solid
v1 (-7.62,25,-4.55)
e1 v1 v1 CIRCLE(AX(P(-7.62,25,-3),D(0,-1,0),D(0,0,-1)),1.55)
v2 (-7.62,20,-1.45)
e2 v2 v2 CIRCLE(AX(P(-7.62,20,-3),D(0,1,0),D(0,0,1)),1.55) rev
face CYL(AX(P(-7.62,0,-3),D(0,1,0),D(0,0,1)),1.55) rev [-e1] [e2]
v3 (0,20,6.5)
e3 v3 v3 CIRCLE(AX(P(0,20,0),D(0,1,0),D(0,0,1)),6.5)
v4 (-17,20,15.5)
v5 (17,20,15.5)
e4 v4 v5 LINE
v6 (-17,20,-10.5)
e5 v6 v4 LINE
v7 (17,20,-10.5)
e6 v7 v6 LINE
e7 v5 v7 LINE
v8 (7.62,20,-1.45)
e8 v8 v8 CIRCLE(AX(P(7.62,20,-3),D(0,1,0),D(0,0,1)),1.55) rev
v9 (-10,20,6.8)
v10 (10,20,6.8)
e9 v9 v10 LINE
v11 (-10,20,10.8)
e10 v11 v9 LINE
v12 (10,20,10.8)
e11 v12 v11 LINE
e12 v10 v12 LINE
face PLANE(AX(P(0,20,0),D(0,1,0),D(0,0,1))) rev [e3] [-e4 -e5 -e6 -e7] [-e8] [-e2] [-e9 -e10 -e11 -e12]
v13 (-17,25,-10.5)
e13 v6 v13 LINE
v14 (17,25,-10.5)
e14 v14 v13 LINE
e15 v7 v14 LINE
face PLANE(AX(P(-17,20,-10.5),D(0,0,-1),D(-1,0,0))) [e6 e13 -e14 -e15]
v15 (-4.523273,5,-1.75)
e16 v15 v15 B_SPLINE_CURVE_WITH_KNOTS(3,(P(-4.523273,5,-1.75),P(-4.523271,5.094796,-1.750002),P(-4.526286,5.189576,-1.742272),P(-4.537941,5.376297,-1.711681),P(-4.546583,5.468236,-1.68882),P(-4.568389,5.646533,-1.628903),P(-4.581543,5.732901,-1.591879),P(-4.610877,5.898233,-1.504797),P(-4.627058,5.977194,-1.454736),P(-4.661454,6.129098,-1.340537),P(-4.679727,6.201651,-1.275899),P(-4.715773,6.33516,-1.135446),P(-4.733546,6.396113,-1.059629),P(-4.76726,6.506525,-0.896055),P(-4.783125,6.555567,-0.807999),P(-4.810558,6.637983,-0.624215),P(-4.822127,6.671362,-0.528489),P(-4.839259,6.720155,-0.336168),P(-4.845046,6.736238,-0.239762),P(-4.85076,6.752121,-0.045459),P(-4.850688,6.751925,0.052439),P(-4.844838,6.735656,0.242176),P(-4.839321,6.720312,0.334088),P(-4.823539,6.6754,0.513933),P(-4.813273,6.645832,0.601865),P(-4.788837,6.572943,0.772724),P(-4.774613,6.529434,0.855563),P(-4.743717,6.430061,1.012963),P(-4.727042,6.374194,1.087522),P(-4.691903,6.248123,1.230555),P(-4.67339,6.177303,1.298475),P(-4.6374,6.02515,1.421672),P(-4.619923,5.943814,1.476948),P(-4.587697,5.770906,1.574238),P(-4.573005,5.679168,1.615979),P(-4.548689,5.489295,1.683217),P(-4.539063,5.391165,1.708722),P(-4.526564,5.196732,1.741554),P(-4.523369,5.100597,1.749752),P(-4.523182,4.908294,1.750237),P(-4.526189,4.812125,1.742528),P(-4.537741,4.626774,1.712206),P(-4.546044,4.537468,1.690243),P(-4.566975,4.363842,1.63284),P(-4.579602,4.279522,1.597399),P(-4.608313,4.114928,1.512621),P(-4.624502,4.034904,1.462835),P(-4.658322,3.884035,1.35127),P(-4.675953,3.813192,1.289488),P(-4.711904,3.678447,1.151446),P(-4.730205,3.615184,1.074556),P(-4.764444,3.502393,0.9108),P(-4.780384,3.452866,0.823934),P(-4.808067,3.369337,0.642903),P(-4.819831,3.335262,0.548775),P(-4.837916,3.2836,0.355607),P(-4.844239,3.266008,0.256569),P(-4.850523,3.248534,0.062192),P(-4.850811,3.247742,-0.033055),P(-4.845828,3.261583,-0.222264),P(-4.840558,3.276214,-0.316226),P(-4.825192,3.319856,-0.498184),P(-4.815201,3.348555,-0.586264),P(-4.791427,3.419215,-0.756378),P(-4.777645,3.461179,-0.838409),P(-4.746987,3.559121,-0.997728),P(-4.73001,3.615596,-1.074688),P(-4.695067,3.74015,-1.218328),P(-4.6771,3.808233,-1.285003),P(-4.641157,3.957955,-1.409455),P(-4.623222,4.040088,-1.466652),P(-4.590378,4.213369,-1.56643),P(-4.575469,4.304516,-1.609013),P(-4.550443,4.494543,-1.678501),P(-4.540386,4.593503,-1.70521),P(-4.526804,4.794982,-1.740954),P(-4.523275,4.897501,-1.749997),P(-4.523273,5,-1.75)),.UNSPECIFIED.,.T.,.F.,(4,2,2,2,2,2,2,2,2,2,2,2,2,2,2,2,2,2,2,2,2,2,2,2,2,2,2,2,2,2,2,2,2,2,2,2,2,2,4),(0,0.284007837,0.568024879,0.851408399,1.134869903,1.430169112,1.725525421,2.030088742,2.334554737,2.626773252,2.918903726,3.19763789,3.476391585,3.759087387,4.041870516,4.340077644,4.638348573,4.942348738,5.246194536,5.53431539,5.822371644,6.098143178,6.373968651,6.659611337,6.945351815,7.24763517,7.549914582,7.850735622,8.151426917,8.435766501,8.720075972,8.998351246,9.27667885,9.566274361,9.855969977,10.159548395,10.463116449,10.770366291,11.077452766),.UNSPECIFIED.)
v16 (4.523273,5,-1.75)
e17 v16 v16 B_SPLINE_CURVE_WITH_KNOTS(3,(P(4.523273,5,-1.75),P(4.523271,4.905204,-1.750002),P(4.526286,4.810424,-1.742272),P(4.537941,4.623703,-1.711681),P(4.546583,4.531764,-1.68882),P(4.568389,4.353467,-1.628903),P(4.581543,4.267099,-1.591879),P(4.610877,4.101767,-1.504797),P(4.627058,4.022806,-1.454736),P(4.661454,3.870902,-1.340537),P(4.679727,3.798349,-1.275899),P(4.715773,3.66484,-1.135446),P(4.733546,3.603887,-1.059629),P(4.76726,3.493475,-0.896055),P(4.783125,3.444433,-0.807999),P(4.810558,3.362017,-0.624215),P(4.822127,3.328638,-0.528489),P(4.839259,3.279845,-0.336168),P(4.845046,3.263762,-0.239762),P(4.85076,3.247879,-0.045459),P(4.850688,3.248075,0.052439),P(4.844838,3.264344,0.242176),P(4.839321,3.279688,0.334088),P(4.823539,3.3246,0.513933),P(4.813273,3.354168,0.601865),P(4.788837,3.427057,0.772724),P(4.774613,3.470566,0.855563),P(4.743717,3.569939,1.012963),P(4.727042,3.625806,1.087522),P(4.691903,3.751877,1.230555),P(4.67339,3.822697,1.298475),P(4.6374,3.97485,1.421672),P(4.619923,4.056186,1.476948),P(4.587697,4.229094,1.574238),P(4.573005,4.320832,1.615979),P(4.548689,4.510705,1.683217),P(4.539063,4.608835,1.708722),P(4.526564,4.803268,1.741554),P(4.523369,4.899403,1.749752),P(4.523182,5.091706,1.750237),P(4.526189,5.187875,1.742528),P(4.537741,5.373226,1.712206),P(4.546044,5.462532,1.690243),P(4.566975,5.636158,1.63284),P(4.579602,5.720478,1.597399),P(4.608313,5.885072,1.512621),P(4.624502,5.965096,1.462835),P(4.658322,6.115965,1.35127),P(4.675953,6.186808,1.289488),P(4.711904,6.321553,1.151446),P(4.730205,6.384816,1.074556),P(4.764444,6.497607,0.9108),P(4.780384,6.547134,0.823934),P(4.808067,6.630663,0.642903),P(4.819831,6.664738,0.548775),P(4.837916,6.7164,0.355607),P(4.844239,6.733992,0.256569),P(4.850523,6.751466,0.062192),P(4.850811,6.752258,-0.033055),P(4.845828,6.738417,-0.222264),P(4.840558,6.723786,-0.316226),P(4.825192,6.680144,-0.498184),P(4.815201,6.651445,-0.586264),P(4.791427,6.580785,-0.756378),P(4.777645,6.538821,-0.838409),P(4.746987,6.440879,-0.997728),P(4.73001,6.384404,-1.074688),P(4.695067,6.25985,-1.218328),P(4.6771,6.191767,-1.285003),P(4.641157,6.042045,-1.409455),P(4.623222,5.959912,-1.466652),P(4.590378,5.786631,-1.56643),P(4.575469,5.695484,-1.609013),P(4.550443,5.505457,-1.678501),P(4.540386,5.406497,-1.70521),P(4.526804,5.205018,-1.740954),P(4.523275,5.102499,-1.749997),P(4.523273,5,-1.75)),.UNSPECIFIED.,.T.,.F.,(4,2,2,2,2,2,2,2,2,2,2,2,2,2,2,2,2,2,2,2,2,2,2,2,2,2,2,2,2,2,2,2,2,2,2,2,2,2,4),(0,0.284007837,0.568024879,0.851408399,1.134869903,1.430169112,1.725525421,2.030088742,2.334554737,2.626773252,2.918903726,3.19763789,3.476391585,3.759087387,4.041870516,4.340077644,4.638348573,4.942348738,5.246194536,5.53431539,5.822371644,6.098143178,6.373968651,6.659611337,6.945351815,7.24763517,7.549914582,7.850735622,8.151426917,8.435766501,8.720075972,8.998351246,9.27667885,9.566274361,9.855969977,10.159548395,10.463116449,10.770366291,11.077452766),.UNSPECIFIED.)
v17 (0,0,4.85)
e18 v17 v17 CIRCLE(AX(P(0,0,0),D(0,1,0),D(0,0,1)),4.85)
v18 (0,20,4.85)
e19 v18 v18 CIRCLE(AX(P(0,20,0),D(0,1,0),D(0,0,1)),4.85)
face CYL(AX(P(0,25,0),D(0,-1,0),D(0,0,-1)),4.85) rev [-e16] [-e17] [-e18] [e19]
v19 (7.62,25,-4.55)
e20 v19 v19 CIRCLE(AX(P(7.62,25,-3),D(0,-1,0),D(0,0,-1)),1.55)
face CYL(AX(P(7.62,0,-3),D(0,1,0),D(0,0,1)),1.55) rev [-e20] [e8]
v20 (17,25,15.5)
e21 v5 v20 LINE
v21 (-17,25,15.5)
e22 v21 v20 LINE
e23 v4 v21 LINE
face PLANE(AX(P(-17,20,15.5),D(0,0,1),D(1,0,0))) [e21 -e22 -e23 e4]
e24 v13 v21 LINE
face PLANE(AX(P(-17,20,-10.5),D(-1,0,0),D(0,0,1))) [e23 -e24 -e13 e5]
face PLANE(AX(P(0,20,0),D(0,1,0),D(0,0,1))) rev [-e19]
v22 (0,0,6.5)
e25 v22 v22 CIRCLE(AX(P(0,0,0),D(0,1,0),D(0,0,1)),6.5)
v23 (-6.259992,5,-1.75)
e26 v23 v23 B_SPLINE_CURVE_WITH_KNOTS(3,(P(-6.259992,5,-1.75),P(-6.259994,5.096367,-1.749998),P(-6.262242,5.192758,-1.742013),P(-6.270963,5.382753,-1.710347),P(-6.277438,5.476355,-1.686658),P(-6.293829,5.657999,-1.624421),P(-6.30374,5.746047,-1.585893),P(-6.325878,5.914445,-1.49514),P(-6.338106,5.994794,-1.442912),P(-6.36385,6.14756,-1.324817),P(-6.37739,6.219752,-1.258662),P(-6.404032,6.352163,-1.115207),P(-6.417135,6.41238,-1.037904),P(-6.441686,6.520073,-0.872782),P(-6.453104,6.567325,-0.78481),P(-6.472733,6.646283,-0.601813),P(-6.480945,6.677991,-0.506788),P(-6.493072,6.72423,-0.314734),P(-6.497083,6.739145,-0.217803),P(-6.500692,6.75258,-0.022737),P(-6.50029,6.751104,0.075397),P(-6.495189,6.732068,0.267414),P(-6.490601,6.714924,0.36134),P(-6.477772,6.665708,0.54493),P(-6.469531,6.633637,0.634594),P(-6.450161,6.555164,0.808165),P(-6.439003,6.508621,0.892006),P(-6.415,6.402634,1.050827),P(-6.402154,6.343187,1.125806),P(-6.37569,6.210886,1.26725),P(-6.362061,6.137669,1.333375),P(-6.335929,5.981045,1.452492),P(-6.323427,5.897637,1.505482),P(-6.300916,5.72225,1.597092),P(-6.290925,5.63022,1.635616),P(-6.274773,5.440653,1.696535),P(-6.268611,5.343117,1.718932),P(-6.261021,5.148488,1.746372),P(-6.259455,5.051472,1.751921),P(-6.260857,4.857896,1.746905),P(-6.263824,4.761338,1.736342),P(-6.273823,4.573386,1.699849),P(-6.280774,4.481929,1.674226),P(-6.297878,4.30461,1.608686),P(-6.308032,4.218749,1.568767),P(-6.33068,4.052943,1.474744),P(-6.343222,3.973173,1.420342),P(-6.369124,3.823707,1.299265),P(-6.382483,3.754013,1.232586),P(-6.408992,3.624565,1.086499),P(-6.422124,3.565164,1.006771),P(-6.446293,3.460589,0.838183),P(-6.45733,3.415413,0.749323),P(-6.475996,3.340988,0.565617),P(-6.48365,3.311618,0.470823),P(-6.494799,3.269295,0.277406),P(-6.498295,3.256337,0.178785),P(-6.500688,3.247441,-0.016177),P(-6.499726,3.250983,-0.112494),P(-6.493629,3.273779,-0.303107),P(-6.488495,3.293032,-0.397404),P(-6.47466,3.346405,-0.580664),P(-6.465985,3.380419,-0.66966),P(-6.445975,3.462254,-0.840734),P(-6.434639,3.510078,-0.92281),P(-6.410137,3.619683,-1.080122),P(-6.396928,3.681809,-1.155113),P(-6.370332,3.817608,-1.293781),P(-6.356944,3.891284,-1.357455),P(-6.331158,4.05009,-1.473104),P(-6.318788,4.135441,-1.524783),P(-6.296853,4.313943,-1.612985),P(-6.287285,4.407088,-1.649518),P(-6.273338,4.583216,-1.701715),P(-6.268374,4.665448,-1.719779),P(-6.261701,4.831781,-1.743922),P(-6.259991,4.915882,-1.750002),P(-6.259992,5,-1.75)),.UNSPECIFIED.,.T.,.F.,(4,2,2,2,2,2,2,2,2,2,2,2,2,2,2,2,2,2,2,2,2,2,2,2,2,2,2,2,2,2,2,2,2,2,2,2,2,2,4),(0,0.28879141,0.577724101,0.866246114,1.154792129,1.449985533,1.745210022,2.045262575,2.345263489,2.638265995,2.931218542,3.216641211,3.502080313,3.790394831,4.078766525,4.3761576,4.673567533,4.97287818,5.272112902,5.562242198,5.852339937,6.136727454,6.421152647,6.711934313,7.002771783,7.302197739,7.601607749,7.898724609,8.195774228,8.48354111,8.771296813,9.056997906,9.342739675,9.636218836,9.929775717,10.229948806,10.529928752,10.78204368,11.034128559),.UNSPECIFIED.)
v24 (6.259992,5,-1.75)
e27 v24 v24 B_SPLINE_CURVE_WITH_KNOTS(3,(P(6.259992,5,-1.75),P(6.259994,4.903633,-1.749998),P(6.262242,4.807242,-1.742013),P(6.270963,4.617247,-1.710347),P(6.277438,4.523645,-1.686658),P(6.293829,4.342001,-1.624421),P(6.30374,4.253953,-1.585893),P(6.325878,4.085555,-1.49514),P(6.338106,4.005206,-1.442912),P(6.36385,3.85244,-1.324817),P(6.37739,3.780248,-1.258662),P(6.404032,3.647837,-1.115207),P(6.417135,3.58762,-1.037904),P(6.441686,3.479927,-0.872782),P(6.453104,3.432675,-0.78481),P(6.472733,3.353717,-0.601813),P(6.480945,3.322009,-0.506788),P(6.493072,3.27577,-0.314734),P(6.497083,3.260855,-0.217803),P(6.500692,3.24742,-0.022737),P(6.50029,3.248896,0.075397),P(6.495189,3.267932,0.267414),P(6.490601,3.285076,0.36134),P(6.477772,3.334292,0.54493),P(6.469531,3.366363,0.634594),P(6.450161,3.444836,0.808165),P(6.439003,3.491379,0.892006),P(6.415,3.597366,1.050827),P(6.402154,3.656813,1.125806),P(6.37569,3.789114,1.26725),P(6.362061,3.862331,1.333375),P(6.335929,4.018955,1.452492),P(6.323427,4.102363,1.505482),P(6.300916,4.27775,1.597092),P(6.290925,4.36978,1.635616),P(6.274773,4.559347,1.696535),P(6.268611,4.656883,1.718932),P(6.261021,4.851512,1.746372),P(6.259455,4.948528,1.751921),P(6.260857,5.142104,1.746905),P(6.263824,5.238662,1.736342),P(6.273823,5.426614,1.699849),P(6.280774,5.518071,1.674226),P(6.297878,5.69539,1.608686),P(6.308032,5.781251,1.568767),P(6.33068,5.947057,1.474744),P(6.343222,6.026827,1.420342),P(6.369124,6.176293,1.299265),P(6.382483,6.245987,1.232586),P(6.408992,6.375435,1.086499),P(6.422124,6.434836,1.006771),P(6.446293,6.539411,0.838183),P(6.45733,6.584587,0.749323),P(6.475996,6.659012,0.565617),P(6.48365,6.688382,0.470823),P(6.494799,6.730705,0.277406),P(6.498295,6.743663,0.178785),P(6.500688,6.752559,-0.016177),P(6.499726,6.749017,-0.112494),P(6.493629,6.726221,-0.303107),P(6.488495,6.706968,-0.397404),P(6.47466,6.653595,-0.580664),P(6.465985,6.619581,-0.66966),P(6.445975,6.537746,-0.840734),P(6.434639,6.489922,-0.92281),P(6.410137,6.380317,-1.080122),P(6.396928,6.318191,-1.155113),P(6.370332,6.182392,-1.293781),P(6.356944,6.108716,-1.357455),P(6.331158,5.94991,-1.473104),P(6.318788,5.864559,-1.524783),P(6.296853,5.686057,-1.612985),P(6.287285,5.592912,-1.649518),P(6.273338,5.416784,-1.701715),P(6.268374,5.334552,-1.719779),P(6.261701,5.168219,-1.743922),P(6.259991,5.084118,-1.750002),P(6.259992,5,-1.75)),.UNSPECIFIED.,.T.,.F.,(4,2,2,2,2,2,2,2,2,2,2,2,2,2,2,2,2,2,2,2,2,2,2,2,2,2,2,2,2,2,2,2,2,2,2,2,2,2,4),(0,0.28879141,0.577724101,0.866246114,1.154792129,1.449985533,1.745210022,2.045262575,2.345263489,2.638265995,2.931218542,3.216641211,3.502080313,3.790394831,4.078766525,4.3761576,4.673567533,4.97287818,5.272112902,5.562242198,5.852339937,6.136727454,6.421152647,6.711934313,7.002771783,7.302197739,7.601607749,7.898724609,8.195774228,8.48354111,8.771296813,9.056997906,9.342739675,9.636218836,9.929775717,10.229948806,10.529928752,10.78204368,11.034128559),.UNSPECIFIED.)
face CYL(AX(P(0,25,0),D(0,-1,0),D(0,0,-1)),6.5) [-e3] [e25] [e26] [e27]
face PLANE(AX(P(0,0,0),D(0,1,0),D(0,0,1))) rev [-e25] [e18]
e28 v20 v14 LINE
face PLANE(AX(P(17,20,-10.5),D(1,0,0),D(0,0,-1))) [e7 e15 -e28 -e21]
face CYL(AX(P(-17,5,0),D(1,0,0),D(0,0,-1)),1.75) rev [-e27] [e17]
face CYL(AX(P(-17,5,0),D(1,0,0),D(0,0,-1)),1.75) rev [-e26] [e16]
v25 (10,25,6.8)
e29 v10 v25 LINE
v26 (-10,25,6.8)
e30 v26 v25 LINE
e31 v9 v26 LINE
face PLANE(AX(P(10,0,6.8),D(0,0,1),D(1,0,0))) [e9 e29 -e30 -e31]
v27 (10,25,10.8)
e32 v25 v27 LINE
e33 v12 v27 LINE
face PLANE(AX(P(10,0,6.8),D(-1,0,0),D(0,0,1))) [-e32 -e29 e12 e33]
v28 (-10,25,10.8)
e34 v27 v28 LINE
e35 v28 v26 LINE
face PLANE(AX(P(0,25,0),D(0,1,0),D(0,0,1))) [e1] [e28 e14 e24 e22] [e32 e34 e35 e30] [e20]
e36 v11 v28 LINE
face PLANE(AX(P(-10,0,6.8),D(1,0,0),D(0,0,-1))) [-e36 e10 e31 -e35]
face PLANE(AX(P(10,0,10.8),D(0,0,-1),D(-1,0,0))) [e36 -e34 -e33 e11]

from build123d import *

# Parameters (mm, degrees)
SKETCH1_R               = 6.5
SKETCH1_R_2             = 4.85
BOSS_EXTRUDE1_DEPTH     = 25
SKETCH2_W               = 34
SKETCH2_H               = 26
BOSS_EXTRUDE2_DEPTH     = 5
CUT_EXTRUDE1_DEPTH      = 31.483602149
CUT_EXTRUDE1_DEPTH_BACK = 31.483602149
SKETCH3_R               = 1.55
SKETCH3_W               = 20
SKETCH3_H               = 4
CUT_EXTRUDE2_DEPTH      = 45.958314025
CUT_EXTRUDE2_DEPTH_BACK = 45.958314025
SKETCH4_R               = 1.75


with BuildPart() as part:
    # Sketch1 → Boss-Extrude1 (new body)
    with BuildSketch(Plane(origin=(0, 0, 0), x_dir=(1, 0, 0), z_dir=(0, 1, 0))):
        with Locations(Location((0, 0, 0), (0, 0, 270))):
            Circle(SKETCH1_R)
        with Locations(Location((0, 0, 0), (0, 0, 270))):
            Circle(SKETCH1_R_2, mode=Mode.SUBTRACT)
    extrude(amount=BOSS_EXTRUDE1_DEPTH)

    # Sketch2 → Boss-Extrude2 (add)
    with BuildSketch(Plane(origin=(0, 25, 0), x_dir=(1, 0, 0), z_dir=(0, 1, 0))):
        with Locations((0, -2.5)):
            Rectangle(SKETCH2_W, SKETCH2_H)
    extrude(amount=-BOSS_EXTRUDE2_DEPTH)

    # Sketch3 → Cut-Extrude1 (cut, two sides: drawn at the far end of the back side and taken through both)
    with BuildSketch(Plane(origin=(0, 20, 0), x_dir=(-1, 0, 0), z_dir=(0, -1, 0)).offset(-CUT_EXTRUDE1_DEPTH_BACK)):
        with Locations(Location((-7.62, 3, 0), (0, 0, 270))):
            Circle(SKETCH3_R)
        with Locations(Location((7.62, 3, 0), (0, 0, 270))):
            Circle(SKETCH3_R)
        with Locations((0, -8.8)):
            Rectangle(SKETCH3_W, SKETCH3_H)
    extrude(amount=CUT_EXTRUDE1_DEPTH + CUT_EXTRUDE1_DEPTH_BACK, mode=Mode.SUBTRACT)

    # Sketch4 → Cut-Extrude2 (cut, two sides: drawn at the far end of the back side and taken through both)
    with BuildSketch(Plane(origin=(17, 0, 0), x_dir=(0, 0, -1), z_dir=(1, 0, 0)).offset(-CUT_EXTRUDE2_DEPTH_BACK)):
        with Locations((0, 5)):
            Circle(SKETCH4_R)
    extrude(amount=CUT_EXTRUDE2_DEPTH + CUT_EXTRUDE2_DEPTH_BACK, mode=Mode.SUBTRACT)


solid = part.part
